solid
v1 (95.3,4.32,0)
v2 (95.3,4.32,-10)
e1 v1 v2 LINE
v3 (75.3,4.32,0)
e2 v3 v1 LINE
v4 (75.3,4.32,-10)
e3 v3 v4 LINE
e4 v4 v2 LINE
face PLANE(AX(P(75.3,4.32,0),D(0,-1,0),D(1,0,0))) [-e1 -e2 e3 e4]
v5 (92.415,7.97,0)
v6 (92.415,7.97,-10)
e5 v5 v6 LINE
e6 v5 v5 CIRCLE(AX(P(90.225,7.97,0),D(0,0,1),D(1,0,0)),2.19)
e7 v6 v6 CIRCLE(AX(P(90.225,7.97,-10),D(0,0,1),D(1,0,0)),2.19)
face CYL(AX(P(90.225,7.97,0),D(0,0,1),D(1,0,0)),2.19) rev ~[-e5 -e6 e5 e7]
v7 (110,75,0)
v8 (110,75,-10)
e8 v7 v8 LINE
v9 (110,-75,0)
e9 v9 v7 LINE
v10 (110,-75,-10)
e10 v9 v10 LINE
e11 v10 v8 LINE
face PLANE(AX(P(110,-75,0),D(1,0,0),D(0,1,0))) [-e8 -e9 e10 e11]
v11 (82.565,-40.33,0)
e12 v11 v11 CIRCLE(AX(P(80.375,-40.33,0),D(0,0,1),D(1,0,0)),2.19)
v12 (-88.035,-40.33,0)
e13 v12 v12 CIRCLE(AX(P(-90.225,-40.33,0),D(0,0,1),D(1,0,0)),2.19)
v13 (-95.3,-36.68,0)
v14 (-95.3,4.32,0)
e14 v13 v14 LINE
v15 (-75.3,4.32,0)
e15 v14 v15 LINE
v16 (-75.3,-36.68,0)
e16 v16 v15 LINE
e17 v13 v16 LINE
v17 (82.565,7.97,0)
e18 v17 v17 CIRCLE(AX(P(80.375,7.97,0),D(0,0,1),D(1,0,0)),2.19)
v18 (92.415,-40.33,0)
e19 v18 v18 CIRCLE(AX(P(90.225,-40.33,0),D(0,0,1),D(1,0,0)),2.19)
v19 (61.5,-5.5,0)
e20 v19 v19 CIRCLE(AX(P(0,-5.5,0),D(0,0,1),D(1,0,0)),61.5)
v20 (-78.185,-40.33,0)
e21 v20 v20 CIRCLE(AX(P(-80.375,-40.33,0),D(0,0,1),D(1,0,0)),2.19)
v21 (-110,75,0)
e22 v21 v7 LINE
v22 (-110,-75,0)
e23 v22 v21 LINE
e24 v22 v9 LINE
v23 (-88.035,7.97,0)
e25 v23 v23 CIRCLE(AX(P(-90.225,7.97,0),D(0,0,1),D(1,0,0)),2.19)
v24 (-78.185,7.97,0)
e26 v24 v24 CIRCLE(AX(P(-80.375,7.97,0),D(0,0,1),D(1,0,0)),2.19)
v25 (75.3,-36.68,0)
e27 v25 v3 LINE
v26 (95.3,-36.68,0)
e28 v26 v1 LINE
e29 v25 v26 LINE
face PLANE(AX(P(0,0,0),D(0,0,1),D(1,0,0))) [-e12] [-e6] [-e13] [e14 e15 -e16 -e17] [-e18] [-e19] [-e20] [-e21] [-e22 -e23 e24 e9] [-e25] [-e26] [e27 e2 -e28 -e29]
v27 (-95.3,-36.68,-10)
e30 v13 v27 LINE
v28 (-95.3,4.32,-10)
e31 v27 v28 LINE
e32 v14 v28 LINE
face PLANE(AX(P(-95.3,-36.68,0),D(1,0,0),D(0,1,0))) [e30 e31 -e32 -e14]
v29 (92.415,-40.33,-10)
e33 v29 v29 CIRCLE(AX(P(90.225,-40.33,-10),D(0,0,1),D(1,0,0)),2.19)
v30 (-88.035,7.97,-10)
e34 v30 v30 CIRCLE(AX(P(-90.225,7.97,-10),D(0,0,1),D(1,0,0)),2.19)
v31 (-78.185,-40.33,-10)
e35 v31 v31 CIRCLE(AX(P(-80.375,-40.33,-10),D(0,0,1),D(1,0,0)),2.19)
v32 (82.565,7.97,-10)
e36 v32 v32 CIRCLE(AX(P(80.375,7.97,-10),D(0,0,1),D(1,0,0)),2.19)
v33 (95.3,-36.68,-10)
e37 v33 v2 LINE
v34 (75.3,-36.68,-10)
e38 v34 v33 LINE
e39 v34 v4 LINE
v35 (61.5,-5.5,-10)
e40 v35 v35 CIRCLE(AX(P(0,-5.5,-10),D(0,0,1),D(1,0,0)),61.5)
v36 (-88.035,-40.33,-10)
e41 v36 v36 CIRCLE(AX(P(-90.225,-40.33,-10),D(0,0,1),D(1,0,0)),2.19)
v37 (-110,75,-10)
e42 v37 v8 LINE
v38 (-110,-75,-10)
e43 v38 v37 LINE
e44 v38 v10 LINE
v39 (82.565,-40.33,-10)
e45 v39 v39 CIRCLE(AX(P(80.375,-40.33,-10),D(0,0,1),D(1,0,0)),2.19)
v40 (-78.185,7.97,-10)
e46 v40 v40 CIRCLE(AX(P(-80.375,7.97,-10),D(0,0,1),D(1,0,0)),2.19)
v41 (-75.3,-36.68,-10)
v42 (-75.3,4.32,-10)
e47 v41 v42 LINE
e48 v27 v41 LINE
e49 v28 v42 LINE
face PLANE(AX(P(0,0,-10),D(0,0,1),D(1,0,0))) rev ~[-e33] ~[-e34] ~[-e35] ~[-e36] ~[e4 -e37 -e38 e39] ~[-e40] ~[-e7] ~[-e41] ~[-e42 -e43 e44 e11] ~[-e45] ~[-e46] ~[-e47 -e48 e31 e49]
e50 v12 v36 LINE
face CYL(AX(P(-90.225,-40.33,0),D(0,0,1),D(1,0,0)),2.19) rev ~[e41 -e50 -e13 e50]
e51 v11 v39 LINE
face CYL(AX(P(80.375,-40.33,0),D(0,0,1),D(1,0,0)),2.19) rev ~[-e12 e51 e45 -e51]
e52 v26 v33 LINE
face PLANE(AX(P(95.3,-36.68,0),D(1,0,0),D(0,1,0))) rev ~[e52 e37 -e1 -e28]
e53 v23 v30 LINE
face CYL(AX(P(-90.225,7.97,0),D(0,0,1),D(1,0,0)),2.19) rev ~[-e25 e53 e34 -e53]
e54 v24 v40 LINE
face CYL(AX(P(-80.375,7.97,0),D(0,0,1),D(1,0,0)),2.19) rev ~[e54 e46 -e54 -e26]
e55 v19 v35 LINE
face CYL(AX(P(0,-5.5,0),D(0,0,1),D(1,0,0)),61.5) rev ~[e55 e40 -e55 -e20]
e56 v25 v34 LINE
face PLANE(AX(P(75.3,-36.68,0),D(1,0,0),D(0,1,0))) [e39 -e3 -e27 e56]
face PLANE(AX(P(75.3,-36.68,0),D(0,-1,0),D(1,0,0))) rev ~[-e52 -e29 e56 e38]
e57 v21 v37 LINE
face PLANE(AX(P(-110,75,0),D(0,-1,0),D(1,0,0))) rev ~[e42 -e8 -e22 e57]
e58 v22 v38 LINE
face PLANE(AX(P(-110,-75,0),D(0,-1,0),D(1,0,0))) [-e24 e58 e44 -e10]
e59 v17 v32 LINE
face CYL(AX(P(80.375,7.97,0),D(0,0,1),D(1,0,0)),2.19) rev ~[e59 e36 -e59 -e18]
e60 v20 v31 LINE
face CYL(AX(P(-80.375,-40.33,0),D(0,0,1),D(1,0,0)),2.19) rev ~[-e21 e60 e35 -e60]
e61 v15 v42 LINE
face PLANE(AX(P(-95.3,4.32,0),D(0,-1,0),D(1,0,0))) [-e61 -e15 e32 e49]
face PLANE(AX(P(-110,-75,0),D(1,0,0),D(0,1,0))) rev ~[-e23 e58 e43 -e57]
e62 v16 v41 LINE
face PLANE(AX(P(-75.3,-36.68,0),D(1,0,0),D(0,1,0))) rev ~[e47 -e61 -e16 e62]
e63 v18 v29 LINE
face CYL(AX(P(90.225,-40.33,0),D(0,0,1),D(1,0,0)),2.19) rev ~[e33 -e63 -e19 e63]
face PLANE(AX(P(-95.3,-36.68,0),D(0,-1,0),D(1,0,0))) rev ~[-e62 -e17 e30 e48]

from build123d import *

# Parameters (mm, degrees)
F0_W     = 220
F0_H     = 150
F0_R     = 61.5
F2_DEPTH = 10
F1_W     = 20
F1_H     = 41
F1_R     = 2.19
F3_DEPTH = 10


with BuildPart() as f2:
    # F0 (on Top) → F2 (new body)
    with BuildSketch(Plane.XY):
        Rectangle(F0_W, F0_H)
        with Locations((0, -5.5)):
            Circle(F0_R, mode=Mode.SUBTRACT)
    extrude(amount=-F2_DEPTH)

    # F1 (on Top) → F3 (cut, through all)
    with BuildSketch(Plane.XY):
        with Locations((-85.3, -16.18)):
            Rectangle(F1_W, F1_H)
        with Locations((-80.375, 7.97)):
            Circle(F1_R)
        with Locations((-90.225, 7.97)):
            Circle(F1_R)
        with Locations((-80.375, -40.33)):
            Circle(F1_R)
        with Locations((-90.225, -40.33)):
            Circle(F1_R)
        with Locations((85.3, -16.18)):
            Rectangle(F1_W, F1_H)
        with Locations((80.375, 7.97)):
            Circle(F1_R)
        with Locations((90.225, 7.97)):
            Circle(F1_R)
        with Locations((80.375, -40.33)):
            Circle(F1_R)
        with Locations((90.225, -40.33)):
            Circle(F1_R)
    extrude(amount=-F3_DEPTH, mode=Mode.SUBTRACT)


solid = f2.part
